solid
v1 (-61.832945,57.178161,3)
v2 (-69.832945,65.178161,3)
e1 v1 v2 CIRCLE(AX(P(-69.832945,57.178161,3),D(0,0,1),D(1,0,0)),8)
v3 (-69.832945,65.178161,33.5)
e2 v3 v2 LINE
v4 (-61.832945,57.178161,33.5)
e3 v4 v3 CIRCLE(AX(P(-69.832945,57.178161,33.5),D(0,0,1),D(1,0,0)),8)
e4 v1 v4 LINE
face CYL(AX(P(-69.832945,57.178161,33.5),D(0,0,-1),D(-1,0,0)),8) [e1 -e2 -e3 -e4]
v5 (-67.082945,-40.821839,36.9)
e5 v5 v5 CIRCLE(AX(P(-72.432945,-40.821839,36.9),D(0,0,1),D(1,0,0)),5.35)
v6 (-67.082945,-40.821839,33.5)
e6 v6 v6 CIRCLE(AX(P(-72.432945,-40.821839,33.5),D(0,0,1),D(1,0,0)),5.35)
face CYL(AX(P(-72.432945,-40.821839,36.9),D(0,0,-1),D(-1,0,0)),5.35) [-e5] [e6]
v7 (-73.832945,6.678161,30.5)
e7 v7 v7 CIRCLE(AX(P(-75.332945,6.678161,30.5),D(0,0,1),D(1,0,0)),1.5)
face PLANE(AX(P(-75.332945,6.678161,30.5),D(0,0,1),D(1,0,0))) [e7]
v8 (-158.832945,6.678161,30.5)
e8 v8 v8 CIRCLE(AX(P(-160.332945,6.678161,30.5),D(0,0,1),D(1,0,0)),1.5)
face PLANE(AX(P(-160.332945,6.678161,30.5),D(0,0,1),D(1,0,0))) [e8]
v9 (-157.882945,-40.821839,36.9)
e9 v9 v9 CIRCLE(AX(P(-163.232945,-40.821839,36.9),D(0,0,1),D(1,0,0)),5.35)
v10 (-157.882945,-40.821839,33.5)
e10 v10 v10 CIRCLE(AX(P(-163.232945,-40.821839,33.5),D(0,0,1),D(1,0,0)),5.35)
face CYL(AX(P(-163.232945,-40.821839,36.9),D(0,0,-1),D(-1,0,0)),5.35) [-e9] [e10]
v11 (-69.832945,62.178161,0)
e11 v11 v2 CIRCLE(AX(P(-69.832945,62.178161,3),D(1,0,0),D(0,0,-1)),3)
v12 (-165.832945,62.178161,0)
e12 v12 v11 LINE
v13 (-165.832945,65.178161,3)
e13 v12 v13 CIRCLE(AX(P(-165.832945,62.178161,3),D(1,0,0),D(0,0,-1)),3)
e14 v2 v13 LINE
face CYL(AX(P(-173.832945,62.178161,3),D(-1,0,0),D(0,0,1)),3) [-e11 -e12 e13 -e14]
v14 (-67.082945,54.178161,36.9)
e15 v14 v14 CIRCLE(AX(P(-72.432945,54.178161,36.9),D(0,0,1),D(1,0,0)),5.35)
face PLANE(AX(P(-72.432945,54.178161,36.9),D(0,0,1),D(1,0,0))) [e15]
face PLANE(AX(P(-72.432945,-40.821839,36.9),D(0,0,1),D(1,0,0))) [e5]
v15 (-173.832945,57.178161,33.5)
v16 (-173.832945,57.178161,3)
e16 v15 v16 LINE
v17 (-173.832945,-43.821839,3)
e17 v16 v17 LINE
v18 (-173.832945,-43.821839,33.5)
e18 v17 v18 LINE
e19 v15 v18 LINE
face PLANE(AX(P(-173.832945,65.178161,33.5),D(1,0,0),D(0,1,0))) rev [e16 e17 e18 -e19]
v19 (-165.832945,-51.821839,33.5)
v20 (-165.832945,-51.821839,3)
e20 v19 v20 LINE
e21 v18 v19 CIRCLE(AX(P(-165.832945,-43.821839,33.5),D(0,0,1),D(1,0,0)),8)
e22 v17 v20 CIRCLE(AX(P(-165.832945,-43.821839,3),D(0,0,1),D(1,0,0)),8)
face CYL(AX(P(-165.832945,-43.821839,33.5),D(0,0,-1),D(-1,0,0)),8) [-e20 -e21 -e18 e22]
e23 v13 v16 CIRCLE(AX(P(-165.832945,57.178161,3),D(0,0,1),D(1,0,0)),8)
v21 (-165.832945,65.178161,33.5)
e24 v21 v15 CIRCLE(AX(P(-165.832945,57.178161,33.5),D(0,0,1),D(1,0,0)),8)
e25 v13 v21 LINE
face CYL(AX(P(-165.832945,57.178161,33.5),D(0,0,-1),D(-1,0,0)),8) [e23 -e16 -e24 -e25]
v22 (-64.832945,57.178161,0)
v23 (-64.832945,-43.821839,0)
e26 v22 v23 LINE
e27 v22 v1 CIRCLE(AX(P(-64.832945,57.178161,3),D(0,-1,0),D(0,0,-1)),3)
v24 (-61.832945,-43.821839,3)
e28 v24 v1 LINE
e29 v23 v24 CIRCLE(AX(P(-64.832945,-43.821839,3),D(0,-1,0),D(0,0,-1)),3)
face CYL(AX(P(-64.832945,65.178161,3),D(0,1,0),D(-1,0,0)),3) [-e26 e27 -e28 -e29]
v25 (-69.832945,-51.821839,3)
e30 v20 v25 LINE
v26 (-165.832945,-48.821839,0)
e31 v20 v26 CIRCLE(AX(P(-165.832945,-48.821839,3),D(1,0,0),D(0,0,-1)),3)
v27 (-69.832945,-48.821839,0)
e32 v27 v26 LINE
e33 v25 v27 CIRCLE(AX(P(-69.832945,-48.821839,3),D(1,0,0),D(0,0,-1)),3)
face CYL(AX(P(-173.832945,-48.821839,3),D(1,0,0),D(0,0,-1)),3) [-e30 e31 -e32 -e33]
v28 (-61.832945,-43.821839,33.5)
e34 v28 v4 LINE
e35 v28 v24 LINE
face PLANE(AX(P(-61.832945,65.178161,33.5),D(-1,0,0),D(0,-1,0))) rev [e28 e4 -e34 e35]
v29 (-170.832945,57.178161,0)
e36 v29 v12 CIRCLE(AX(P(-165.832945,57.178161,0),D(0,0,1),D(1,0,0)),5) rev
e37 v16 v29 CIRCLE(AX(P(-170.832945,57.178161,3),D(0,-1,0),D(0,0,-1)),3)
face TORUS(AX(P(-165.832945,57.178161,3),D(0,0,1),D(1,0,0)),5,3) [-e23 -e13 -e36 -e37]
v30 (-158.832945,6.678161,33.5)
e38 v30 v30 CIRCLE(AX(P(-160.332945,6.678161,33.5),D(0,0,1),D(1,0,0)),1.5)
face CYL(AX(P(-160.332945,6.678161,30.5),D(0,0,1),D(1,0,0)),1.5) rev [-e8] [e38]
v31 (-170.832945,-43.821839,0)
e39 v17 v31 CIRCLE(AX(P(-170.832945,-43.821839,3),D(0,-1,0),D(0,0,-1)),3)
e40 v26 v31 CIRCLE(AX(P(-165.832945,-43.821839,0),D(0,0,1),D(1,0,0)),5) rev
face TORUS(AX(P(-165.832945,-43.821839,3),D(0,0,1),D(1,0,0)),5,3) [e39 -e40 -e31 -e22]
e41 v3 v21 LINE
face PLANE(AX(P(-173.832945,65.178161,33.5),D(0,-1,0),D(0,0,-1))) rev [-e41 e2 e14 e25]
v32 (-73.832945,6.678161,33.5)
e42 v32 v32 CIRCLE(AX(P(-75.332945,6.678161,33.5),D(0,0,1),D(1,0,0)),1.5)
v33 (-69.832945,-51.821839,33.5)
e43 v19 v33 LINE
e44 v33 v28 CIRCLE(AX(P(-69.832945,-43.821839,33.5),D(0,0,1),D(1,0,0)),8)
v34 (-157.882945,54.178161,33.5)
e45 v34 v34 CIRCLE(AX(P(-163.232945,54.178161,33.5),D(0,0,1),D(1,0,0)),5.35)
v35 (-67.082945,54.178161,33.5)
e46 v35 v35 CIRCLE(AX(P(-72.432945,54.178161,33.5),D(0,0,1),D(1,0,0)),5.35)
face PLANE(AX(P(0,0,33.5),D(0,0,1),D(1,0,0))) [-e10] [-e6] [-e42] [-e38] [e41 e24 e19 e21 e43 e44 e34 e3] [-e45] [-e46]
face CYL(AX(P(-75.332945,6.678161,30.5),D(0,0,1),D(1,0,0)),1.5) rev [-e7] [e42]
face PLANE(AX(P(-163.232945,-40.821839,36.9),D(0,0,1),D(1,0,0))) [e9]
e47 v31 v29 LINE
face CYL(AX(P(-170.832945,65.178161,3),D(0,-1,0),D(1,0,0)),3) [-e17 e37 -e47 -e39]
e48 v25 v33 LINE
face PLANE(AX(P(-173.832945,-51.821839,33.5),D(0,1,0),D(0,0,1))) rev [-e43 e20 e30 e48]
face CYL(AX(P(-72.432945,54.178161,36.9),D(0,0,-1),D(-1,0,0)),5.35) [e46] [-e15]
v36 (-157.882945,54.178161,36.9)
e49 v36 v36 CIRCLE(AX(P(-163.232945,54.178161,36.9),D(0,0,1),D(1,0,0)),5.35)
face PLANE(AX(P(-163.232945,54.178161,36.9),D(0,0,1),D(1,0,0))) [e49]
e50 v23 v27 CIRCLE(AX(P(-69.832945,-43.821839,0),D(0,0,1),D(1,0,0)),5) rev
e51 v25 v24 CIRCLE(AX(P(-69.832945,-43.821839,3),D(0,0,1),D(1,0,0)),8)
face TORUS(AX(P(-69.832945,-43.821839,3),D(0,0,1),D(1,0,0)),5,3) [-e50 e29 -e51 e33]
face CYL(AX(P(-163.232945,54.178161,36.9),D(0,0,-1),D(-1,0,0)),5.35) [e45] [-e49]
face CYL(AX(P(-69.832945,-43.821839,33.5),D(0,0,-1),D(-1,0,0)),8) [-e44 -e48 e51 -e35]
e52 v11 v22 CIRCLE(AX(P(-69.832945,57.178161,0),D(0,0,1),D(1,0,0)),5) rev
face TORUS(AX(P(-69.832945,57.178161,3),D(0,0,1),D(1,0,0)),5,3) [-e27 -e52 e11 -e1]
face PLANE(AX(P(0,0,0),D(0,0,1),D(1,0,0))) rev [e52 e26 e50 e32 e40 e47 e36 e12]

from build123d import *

# Parameters (mm, degrees)
SKETCH_1_W          = 112
SKETCH_1_H          = 117
EXTRUDE_1_DEPTH     = 33.5
FILLET_1_R          = 8
SKETCH_2_R          = 1.5
CUT_EXTRUDE_1_DEPTH = 3
SKETCH_3_R          = 5.35
EXTRUDE_2_DEPTH     = 3.4
FILLET_2_R          = 3


with BuildPart() as part:
    # 草图1 → 凸台-拉伸1 (new body)
    with BuildSketch(Plane.XY):
        with Locations((-117.832945126, 6.678161232)):
            Rectangle(SKETCH_1_W, SKETCH_1_H)
    extrude(amount=EXTRUDE_1_DEPTH)

    # 圆角1
    fillet_1_edges = [part.edges().sort_by_distance(p)[0] for p in [
        (-173.832945126, 65.178161232, 16.75),
        (-61.832945126, 65.178161232, 16.75),
        (-61.832945126, -51.821838768, 16.75),
        (-173.832945126, -51.821838768, 16.75),
    ]]
    fillet(fillet_1_edges, radius=FILLET_1_R)

    # 草图2 → 切除-拉伸1 (cut)
    with BuildSketch(Plane.XY.offset(33.5)):
        with Locations((-75.332945126, 6.678161232)):
            Circle(SKETCH_2_R)
        with Locations((-160.332945126, 6.678161232)):
            Circle(SKETCH_2_R)
    extrude(amount=-CUT_EXTRUDE_1_DEPTH, mode=Mode.SUBTRACT)

    # 草图3 → 凸台-拉伸2 (add)
    with BuildSketch(Plane.XY.offset(33.5)):
        with Locations((-72.432945126, -40.821838768)):
            Circle(SKETCH_3_R)
        with Locations((-163.232945126, -40.821838768)):
            Circle(SKETCH_3_R)
        with Locations((-163.232945126, 54.178161232)):
            Circle(SKETCH_3_R)
        with Locations((-72.432945126, 54.178161232)):
            Circle(SKETCH_3_R)
    extrude(amount=EXTRUDE_2_DEPTH)

    # 圆角2
    fillet_2_edges = [part.edges().sort_by_distance(p)[0] for p in [
        (-117.832945126, 65.178161232, 0),
        (-173.832945126, 6.678161232, 0),
        (-61.832945126, 6.678161232, 0),
        (-117.832945126, -51.821838768, 0),
        (-64.176090876, -49.478693018, 0),
        (-171.489799375, -49.478693018, 0),
        (-171.489799375, 62.835015481, 0),
        (-64.176090876, 62.835015481, 0),
    ]]
    fillet(fillet_2_edges, radius=FILLET_2_R)


solid = part.part
